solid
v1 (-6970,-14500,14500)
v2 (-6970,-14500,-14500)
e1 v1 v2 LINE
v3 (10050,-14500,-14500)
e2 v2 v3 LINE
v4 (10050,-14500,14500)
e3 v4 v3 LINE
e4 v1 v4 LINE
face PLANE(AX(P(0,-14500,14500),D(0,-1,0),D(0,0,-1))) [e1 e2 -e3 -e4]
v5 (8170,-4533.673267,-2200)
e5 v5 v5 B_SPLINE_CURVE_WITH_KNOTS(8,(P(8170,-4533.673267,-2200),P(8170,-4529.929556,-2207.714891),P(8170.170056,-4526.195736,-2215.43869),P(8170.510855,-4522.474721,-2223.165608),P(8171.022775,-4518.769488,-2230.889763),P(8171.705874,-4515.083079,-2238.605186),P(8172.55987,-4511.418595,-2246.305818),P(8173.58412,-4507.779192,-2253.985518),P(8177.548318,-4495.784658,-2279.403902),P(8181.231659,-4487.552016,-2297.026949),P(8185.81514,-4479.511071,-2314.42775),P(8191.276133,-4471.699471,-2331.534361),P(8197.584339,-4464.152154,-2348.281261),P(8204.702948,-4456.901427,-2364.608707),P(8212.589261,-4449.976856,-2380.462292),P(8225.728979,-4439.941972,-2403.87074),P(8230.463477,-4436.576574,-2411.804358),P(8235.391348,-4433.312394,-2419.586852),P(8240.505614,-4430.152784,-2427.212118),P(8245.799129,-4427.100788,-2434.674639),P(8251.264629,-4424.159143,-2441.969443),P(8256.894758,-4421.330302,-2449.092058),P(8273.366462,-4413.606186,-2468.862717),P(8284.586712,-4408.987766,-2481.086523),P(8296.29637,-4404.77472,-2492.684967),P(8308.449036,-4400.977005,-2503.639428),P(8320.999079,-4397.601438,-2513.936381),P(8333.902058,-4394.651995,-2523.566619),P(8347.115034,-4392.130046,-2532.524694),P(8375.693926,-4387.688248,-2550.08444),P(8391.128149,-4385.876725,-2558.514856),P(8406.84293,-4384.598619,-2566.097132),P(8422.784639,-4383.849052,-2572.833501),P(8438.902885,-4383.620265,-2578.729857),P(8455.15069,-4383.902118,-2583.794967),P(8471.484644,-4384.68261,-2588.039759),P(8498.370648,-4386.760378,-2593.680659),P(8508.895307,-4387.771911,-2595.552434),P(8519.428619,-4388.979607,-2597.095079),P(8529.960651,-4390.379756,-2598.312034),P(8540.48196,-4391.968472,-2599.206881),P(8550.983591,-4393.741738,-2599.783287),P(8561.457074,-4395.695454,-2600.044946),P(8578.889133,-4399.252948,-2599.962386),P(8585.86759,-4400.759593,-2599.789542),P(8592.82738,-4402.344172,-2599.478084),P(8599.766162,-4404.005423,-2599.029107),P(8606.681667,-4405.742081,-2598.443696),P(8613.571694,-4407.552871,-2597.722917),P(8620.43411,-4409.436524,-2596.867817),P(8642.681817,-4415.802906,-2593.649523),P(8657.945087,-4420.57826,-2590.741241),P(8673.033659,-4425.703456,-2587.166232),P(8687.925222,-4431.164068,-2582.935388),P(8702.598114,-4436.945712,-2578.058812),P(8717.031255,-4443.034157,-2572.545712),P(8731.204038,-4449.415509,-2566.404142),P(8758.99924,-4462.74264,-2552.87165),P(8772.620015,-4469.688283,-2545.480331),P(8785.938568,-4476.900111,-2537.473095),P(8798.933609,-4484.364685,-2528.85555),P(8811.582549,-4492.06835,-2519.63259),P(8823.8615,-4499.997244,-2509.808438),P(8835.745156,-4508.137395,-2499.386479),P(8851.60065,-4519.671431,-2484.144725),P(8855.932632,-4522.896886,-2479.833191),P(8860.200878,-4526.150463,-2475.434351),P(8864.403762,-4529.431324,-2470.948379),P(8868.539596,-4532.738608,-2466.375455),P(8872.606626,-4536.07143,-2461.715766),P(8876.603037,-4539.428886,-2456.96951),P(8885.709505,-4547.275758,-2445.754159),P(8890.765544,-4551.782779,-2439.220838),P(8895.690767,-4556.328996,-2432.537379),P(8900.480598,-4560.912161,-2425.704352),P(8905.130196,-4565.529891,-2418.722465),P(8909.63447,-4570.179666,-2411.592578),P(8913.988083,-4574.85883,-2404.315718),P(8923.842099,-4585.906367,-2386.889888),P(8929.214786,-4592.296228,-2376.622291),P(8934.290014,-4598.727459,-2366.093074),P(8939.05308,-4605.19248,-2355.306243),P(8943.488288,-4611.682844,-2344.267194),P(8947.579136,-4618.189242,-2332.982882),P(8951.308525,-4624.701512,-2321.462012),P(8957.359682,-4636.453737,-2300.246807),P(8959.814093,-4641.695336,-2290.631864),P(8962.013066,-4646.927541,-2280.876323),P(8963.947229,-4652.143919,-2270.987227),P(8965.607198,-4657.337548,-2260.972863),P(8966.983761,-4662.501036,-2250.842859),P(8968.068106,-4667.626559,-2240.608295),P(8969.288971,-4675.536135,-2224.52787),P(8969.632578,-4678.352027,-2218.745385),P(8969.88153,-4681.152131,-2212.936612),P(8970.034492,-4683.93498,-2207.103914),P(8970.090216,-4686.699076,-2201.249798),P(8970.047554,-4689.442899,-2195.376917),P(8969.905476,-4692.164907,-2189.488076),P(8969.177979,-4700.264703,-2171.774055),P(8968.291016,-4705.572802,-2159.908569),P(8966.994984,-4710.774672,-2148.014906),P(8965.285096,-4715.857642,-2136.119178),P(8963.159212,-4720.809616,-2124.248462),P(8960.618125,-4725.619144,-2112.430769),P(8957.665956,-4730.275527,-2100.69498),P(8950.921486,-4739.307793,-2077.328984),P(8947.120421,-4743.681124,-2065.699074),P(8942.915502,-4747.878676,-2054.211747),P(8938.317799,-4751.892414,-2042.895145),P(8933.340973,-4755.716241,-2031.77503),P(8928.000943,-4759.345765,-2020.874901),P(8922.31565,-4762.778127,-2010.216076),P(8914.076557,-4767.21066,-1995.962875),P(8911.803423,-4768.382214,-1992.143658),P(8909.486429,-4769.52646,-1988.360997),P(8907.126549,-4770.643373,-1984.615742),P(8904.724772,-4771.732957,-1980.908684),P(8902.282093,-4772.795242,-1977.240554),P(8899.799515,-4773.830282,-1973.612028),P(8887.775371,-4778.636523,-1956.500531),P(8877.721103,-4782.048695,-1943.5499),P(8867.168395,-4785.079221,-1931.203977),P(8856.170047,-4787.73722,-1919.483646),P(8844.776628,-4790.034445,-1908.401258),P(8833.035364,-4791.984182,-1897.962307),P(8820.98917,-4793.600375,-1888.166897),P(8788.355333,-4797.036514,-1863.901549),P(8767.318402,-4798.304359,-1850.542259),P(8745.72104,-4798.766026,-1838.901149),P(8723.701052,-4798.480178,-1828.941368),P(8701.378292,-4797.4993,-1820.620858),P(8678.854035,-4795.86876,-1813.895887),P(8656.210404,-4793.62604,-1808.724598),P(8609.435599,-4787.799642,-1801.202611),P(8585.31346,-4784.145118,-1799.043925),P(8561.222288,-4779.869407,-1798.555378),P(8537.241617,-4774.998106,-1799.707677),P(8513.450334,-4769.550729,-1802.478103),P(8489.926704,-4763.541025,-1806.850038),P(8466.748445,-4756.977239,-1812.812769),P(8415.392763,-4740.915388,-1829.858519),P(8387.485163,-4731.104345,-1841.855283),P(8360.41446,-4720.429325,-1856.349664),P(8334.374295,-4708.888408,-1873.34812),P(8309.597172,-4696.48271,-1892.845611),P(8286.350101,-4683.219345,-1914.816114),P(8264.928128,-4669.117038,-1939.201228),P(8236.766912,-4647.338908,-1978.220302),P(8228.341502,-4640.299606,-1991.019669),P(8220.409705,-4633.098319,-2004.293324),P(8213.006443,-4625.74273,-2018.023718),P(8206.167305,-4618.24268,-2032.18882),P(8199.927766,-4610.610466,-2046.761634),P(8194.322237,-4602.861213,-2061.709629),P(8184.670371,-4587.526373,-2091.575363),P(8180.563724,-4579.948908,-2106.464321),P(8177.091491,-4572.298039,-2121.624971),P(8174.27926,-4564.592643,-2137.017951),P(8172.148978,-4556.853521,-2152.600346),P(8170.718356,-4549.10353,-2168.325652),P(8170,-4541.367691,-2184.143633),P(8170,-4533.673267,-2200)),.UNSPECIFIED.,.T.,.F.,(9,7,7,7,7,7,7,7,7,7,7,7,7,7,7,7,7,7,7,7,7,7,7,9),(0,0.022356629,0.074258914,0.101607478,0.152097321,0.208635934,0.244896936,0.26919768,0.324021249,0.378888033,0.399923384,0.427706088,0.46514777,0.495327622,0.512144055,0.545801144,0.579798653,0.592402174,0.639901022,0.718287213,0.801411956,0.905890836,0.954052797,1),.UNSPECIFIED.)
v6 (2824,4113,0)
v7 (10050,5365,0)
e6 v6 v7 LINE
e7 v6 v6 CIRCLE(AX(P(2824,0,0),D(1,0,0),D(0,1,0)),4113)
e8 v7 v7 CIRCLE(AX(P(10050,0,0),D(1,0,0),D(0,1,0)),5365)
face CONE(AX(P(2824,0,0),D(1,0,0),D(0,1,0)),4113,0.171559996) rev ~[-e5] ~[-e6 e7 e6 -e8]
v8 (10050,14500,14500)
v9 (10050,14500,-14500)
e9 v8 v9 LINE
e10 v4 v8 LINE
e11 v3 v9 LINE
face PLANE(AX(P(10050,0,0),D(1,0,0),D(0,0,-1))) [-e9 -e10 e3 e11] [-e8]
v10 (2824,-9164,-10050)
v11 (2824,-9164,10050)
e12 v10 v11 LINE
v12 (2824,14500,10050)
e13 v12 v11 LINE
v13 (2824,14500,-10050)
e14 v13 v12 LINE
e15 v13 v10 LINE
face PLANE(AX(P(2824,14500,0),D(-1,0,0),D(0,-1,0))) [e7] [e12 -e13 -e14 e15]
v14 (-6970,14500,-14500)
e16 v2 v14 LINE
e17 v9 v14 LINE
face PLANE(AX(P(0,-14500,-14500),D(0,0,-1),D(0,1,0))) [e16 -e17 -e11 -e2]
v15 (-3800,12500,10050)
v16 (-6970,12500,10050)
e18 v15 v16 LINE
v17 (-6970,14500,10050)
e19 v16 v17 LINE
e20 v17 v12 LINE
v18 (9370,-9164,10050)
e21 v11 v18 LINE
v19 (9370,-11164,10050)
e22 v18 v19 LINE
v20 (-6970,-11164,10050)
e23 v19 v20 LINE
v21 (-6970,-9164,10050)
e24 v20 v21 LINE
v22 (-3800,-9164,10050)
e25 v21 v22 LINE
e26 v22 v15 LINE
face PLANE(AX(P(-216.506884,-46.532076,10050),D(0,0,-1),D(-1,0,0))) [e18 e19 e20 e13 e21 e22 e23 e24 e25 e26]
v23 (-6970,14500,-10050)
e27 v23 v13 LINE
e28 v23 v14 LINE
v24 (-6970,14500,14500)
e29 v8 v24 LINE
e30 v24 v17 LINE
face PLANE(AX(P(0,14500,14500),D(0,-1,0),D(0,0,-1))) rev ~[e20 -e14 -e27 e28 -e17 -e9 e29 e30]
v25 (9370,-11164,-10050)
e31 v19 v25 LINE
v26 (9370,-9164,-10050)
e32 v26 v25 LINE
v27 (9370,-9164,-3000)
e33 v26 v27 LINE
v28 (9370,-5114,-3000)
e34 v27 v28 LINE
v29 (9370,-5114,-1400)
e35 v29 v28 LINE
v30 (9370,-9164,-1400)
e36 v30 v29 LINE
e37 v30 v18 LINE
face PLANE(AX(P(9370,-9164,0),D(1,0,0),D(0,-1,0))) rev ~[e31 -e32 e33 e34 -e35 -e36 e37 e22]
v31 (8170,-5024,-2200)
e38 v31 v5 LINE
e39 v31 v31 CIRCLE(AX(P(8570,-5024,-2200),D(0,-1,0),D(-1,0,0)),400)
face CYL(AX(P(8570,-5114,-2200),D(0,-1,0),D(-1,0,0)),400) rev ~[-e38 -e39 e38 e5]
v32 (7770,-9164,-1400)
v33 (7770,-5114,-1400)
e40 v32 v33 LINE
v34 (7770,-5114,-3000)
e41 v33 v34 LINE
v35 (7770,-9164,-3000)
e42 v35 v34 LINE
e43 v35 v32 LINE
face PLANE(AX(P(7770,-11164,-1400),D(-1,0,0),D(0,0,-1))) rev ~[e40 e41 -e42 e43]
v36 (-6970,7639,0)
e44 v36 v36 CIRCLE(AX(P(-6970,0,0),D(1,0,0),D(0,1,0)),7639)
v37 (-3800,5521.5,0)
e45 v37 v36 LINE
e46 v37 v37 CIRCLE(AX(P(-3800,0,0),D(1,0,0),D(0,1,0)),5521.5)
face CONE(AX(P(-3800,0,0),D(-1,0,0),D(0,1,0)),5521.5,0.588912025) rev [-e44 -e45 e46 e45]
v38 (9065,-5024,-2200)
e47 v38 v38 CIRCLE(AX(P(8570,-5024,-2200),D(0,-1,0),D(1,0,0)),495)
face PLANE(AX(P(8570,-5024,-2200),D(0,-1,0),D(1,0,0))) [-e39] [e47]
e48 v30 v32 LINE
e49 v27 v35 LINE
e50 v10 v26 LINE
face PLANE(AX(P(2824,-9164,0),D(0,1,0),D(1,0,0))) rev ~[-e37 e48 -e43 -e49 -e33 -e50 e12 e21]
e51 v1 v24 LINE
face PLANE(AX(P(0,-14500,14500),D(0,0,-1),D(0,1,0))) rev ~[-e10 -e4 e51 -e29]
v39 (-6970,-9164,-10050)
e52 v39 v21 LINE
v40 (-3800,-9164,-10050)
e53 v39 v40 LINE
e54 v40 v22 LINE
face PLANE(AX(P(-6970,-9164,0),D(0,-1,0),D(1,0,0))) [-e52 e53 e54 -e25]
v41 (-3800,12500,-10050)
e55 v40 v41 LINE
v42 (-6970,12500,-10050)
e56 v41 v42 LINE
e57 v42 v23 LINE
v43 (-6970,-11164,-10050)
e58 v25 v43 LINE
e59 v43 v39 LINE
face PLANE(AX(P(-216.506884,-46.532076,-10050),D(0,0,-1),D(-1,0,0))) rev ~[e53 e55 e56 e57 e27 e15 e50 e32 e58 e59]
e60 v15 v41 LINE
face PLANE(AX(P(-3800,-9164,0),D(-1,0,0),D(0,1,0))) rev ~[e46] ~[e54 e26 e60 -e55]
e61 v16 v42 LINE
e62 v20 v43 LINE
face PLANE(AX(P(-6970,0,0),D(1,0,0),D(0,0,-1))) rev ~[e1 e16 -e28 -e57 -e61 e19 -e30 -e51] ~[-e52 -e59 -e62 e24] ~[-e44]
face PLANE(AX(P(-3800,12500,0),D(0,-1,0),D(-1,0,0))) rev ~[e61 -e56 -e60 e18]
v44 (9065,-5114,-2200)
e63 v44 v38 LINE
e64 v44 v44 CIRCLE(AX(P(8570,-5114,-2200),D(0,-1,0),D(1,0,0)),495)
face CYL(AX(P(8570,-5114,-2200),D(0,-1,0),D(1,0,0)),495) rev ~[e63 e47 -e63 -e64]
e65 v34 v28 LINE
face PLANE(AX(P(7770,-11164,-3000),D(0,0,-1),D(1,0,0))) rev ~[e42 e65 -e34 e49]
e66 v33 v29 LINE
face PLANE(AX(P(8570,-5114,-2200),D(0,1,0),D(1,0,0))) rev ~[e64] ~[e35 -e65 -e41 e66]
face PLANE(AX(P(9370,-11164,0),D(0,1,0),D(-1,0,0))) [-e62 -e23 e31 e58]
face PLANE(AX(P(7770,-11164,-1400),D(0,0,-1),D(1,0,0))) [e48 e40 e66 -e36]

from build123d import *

# Parameters (mm, degrees)
ESBO_O1_W                     = 29000
ESBO_O1_H                     = 29000
RESSALTO_EXTRUS_O1_DEPTH      = 10050
RESSALTO_EXTRUS_O1_DEPTH_BACK = 6970
CORTE_EXTRUS_O1_DEPTH         = 10050
CORTE_EXTRUS_O1_DEPTH_BACK    = 10050
ESBO_O4_W                     = 1600
ESBO_O4_H                     = 1600
CORTE_EXTRUS_O2_DEPTH         = 6050
CORTE_EXTRUS_O3_REACH         = 19616
ESBO_O5_R                     = 400
ESBO_O8_R                     = 495
CORTE_EXTRUS_O4_DEPTH         = 90


with BuildPart() as part:
    # Esboço1 → Ressalto-extrusão1 (new body, two sides)
    with BuildSketch(Plane(origin=(0, 0, 0), x_dir=(0, 0, -1), z_dir=(1, 0, 0))) as ressalto_extrus_o1_sk:
        Rectangle(ESBO_O1_W, ESBO_O1_H)
    extrude(amount=RESSALTO_EXTRUS_O1_DEPTH)
    extrude(ressalto_extrus_o1_sk.sketch, amount=-RESSALTO_EXTRUS_O1_DEPTH_BACK)

    # Esboço2 → Corte-Revolução1 (revolve, cut)
    with BuildSketch(Plane.XY):
        Polygon((2824, 4113), (10050, 5365), (10050, 0), (2824, 0), align=None)
        Polygon((-3800, 5521.5), (-6970, 7639), (-6970, 0), (-3800, 0), align=None)
    revolve(axis=Axis((0, 0, 0), (1, 0, 0)), mode=Mode.SUBTRACT)

    # Esboço3 → Corte-extrusão1 (cut, two sides)
    with BuildSketch(Plane.XY) as corte_extrus_o1_sk:
        Polygon((-3800, -9164), (-3800, 12500), (-6970, 12500), (-6970, 14500), (2824, 14500), (2824, -9164), (9370, -9164), (9370, -11164), (-6970, -11164), (-6970, -9164), align=None)
    extrude(amount=CORTE_EXTRUS_O1_DEPTH, mode=Mode.SUBTRACT)
    extrude(corte_extrus_o1_sk.sketch, amount=-CORTE_EXTRUS_O1_DEPTH_BACK, mode=Mode.SUBTRACT)

    # Esboço4 → Corte-extrusão2 (cut)
    with BuildSketch(Plane(origin=(0, -11164, 0), x_dir=(1, 0, 0), z_dir=(0, 1, 0))):
        with Locations((8570, 2200)):
            Rectangle(ESBO_O4_W, ESBO_O4_H)
    extrude(amount=CORTE_EXTRUS_O2_DEPTH, mode=Mode.SUBTRACT)

    # Esboço5 → Corte-extrusão3 (cut, up to next)
    with BuildSketch(Plane(origin=(0, -5114, 0), x_dir=(-1, 0, 0), z_dir=(0, -1, 0)), mode=Mode.PRIVATE) as corte_extrus_o3_sk1:
        with Locations((-8570, 2200)):
            Circle(ESBO_O5_R)
    corte_extrus_o3_tool1 = extrude(corte_extrus_o3_sk1.sketch, amount=-CORTE_EXTRUS_O3_REACH, mode=Mode.PRIVATE) & part.part
    add(corte_extrus_o3_tool1.solids().sort_by_distance((8570, -5114, -2200))[0], mode=Mode.SUBTRACT)

    # Esboço8 → Corte-extrusão4 (cut)
    with BuildSketch(Plane.XZ.offset(5114)):
        with Locations((8570, -2200)):
            Circle(ESBO_O8_R)
    extrude(amount=-CORTE_EXTRUS_O4_DEPTH, mode=Mode.SUBTRACT)


solid = part.part
